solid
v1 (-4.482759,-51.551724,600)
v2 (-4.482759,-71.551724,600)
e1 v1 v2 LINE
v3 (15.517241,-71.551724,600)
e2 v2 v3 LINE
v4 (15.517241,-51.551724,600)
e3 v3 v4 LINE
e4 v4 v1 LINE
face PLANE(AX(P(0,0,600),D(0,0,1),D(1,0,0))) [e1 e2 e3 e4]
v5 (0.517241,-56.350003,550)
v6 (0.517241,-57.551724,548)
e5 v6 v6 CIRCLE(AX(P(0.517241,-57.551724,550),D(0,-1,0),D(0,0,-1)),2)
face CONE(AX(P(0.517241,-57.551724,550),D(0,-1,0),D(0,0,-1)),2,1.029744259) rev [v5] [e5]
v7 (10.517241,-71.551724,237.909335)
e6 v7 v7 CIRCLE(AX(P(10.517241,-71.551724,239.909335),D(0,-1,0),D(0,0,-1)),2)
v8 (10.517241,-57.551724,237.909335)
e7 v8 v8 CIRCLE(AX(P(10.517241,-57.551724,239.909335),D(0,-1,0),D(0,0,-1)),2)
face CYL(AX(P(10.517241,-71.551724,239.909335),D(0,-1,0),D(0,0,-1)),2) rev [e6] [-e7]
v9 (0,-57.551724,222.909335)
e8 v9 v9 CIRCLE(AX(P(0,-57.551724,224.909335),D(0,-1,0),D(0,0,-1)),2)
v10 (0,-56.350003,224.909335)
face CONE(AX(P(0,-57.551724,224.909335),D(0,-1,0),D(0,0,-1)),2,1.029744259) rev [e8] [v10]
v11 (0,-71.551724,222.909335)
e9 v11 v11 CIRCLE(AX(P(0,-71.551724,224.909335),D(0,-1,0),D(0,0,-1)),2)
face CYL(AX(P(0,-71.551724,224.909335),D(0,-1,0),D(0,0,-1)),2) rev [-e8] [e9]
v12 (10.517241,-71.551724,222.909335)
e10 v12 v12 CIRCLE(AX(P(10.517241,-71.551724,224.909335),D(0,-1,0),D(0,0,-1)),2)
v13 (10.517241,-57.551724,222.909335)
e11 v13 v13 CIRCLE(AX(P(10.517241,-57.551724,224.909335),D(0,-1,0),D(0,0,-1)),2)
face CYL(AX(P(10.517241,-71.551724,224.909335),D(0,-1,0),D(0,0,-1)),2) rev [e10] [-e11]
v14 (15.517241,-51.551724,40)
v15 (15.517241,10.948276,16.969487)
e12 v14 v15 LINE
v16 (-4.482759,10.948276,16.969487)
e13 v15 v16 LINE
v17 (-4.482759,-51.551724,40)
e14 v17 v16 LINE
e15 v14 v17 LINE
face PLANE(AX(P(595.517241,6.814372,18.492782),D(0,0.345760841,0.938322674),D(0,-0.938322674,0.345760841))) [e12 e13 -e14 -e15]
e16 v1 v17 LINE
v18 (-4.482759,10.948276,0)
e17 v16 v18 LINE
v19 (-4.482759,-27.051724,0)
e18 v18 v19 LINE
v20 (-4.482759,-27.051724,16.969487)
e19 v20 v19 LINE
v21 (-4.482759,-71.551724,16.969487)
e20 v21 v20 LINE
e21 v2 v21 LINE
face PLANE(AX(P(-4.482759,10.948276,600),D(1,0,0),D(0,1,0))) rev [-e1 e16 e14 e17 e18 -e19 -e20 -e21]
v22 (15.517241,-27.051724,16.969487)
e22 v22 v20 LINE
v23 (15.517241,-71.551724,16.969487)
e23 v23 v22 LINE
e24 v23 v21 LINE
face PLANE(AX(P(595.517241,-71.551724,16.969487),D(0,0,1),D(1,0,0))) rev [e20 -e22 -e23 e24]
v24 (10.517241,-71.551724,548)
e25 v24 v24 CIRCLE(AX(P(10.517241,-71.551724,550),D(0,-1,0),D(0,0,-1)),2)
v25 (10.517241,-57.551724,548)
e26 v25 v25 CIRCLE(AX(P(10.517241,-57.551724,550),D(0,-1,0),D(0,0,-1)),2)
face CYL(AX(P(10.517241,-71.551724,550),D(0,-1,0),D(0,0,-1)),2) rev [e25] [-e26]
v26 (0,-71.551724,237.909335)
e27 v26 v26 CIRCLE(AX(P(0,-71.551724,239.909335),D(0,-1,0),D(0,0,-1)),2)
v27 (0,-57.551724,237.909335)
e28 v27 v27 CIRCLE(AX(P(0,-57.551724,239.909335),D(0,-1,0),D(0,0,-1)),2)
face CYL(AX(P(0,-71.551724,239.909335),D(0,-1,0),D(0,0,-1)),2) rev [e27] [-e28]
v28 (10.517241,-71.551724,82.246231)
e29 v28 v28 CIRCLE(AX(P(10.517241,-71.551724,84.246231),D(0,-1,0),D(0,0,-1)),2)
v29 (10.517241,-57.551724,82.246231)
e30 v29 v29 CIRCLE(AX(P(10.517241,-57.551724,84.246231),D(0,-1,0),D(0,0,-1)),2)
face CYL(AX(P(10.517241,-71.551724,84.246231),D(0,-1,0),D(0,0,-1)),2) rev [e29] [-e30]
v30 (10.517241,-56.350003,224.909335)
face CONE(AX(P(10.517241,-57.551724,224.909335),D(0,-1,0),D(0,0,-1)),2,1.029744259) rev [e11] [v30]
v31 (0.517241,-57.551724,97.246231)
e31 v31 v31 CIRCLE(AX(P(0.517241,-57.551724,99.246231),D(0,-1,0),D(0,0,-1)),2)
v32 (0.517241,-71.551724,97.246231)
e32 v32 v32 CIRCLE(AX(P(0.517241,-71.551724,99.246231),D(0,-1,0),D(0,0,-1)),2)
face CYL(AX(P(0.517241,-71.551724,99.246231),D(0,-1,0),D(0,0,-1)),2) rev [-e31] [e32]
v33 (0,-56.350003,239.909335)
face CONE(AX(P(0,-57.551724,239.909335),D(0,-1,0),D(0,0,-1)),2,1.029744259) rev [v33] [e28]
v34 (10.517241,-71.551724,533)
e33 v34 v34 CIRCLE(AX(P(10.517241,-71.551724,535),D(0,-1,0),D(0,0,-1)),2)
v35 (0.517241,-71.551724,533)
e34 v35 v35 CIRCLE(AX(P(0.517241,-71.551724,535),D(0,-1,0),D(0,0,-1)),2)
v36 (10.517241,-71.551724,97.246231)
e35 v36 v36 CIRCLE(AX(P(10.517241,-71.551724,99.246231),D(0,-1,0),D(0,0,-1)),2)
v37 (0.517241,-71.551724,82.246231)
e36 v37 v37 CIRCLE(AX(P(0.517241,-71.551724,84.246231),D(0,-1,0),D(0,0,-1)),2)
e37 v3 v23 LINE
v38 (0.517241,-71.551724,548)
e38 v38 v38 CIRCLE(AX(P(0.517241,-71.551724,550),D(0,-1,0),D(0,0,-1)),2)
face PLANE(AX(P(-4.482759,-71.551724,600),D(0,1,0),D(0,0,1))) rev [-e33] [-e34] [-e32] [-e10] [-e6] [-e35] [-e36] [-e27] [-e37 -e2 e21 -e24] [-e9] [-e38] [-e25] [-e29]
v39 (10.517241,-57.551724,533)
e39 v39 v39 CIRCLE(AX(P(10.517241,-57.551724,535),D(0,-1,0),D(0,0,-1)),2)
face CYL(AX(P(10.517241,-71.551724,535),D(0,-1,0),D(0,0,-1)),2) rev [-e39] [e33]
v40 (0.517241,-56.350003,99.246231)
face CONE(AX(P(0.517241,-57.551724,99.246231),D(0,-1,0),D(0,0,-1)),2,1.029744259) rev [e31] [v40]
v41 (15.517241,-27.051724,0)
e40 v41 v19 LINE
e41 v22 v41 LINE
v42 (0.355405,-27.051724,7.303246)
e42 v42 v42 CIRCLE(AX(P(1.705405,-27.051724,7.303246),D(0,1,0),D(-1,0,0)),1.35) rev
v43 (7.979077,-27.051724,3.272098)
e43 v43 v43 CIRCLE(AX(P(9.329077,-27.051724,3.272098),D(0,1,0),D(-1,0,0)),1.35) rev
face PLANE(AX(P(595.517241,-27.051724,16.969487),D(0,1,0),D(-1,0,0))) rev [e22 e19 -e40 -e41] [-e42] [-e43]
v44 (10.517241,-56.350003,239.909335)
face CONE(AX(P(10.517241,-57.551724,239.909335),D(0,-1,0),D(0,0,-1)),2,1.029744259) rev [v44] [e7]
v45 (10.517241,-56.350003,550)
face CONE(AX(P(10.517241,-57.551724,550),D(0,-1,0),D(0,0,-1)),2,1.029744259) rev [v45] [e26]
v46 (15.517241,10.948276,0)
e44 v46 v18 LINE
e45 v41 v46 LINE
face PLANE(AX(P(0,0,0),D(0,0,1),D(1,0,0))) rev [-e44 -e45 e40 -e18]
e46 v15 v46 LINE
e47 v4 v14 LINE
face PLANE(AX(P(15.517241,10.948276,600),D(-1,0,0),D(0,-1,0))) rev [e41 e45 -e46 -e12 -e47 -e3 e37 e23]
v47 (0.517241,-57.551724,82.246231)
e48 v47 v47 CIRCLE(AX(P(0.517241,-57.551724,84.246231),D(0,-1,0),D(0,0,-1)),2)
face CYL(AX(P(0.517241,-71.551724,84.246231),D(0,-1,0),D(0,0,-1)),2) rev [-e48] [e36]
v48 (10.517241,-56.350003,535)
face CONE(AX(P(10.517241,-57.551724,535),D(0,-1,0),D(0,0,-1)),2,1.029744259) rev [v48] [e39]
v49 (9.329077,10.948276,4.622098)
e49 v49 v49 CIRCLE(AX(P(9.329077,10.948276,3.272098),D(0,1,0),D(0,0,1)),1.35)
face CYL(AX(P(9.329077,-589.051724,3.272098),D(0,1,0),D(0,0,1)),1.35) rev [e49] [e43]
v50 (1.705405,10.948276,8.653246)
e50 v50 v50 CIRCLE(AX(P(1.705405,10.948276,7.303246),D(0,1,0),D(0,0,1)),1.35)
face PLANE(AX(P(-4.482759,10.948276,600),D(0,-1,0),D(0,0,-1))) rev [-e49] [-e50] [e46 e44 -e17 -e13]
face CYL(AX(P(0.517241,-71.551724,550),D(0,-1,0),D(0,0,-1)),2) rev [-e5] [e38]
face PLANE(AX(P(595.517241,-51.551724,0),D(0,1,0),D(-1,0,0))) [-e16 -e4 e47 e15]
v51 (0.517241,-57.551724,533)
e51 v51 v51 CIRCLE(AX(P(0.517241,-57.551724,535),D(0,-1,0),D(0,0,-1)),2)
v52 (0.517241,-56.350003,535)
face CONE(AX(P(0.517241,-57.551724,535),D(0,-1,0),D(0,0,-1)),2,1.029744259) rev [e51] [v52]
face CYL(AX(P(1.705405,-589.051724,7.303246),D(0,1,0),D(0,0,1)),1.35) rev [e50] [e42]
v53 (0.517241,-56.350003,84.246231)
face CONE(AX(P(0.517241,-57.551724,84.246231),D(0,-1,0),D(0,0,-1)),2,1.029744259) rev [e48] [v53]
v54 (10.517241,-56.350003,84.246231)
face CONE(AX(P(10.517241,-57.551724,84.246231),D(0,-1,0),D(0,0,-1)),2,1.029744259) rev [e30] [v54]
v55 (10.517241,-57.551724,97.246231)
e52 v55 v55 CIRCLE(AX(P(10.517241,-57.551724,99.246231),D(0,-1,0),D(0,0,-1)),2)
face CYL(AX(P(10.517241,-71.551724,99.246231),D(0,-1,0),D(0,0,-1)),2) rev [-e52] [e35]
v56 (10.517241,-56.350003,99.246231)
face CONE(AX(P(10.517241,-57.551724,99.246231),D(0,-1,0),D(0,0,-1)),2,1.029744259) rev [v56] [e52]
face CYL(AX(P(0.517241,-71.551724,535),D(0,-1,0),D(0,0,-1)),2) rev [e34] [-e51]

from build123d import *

# Parameters (mm, degrees)
SKETCH1_W                 = 20
SKETCH1_H                 = 82.5
BOSS_EXTRUDE1_DEPTH       = 600
SKETCH2_R                 = 1.35
CUT_EXTRUDE1_DEPTH        = 600
CUT_EXTRUDE4_DEPTH        = 600
SKETCH6_W                 = 16.969486996
SKETCH6_H                 = 44.5
CUT_EXTRUDE5_DEPTH        = 600
F_4_0MM_DOWEL_HOLE3_D     = 4
F_4_0MM_DOWEL_HOLE3_DEPTH = 14
F_4_0MM_DOWEL_HOLE3_TIP   = 1.201721238
F_4_0MM_DOWEL_HOLE2_D     = 4
F_4_0MM_DOWEL_HOLE2_DEPTH = 14
F_4_0MM_DOWEL_HOLE2_TIP   = 1.201721238
F_4_0MM_DOWEL_HOLE4_D     = 4
F_4_0MM_DOWEL_HOLE4_DEPTH = 14
F_4_0MM_DOWEL_HOLE4_TIP   = 1.201721238
F_4_0MM_DOWEL_HOLE5_D     = 4
F_4_0MM_DOWEL_HOLE5_DEPTH = 14
F_4_0MM_DOWEL_HOLE5_TIP   = 1.201721238


with BuildPart() as part:
    # Sketch1 → Boss-Extrude1 (new body)
    with BuildSketch(Plane.XY):
        with Locations((5.517241379, -30.301724138)):
            Rectangle(SKETCH1_W, SKETCH1_H)
    extrude(amount=BOSS_EXTRUDE1_DEPTH)

    # Sketch2 → Cut-Extrude1 (cut)
    with BuildSketch(Plane(origin=(0, 10.948275862, 0), x_dir=(1, 0, 0), z_dir=(0, 1, 0))):
        with Locations(Location((9.329077472, -3.272098327, 0), (0, 0, 270))):
            Circle(SKETCH2_R)
        with Locations(Location((1.705405286, -7.303246399, 0), (0, 0, 270))):
            Circle(SKETCH2_R)
    extrude(amount=-CUT_EXTRUDE1_DEPTH, mode=Mode.SUBTRACT)

    # Sketch5 → Cut-Extrude4 (cut)
    with BuildSketch(Plane.ZY.offset(4.482758621)):
        Polygon((40, -51.551724138), (600, -51.551724138), (600, 10.948275862), (16.969486996, 10.948275862), align=None)
    extrude(amount=-CUT_EXTRUDE4_DEPTH, mode=Mode.SUBTRACT)

    # Sketch6 → Cut-Extrude5 (cut)
    with BuildSketch(Plane.ZY.offset(4.482758621)):
        with Locations((8.484743498, -49.301724138)):
            Rectangle(SKETCH6_W, SKETCH6_H)
    extrude(amount=-CUT_EXTRUDE5_DEPTH, mode=Mode.SUBTRACT)

    # Ø4.0mm Dowel Hole3
    with Locations(Plane.XZ.offset(71.551724138)):
        with Locations((10.517241379, 84.246230703), (10.517241379, 99.246230703), (10.517241379, 224.909334592), (10.517241379, 239.909334592), (10.517241379, 535), (10.517241379, 550)):
            Hole(F_4_0MM_DOWEL_HOLE3_D / 2, depth=F_4_0MM_DOWEL_HOLE3_DEPTH)
            with Locations((0, 0, -(F_4_0MM_DOWEL_HOLE3_DEPTH + F_4_0MM_DOWEL_HOLE3_TIP / 2))):  # 118° drill point
                Cone(0, F_4_0MM_DOWEL_HOLE3_D / 2, F_4_0MM_DOWEL_HOLE3_TIP, mode=Mode.SUBTRACT)

    # Ø4.0mm Dowel Hole2
    with Locations(Plane.XZ.offset(71.551724138)):
        with Locations((0.517241379, 550), (0.517241379, 535)):
            Hole(F_4_0MM_DOWEL_HOLE2_D / 2, depth=F_4_0MM_DOWEL_HOLE2_DEPTH)
            with Locations((0, 0, -(F_4_0MM_DOWEL_HOLE2_DEPTH + F_4_0MM_DOWEL_HOLE2_TIP / 2))):  # 118° drill point
                Cone(0, F_4_0MM_DOWEL_HOLE2_D / 2, F_4_0MM_DOWEL_HOLE2_TIP, mode=Mode.SUBTRACT)

    # Ø4.0mm Dowel Hole4
    with Locations(Plane.XZ.offset(71.551724138)):
        with Locations((0.517241379, 99.246230703), (0.517241379, 84.246230703)):
            Hole(F_4_0MM_DOWEL_HOLE4_D / 2, depth=F_4_0MM_DOWEL_HOLE4_DEPTH)
            with Locations((0, 0, -(F_4_0MM_DOWEL_HOLE4_DEPTH + F_4_0MM_DOWEL_HOLE4_TIP / 2))):  # 118° drill point
                Cone(0, F_4_0MM_DOWEL_HOLE4_D / 2, F_4_0MM_DOWEL_HOLE4_TIP, mode=Mode.SUBTRACT)

    # Ø4.0mm Dowel Hole5
    with Locations(Plane.XZ.offset(71.551724138)):
        with Locations((0, 224.909334592), (0, 239.909334592)):
            Hole(F_4_0MM_DOWEL_HOLE5_D / 2, depth=F_4_0MM_DOWEL_HOLE5_DEPTH)
            with Locations((0, 0, -(F_4_0MM_DOWEL_HOLE5_DEPTH + F_4_0MM_DOWEL_HOLE5_TIP / 2))):  # 118° drill point
                Cone(0, F_4_0MM_DOWEL_HOLE5_D / 2, F_4_0MM_DOWEL_HOLE5_TIP, mode=Mode.SUBTRACT)


solid = part.part
